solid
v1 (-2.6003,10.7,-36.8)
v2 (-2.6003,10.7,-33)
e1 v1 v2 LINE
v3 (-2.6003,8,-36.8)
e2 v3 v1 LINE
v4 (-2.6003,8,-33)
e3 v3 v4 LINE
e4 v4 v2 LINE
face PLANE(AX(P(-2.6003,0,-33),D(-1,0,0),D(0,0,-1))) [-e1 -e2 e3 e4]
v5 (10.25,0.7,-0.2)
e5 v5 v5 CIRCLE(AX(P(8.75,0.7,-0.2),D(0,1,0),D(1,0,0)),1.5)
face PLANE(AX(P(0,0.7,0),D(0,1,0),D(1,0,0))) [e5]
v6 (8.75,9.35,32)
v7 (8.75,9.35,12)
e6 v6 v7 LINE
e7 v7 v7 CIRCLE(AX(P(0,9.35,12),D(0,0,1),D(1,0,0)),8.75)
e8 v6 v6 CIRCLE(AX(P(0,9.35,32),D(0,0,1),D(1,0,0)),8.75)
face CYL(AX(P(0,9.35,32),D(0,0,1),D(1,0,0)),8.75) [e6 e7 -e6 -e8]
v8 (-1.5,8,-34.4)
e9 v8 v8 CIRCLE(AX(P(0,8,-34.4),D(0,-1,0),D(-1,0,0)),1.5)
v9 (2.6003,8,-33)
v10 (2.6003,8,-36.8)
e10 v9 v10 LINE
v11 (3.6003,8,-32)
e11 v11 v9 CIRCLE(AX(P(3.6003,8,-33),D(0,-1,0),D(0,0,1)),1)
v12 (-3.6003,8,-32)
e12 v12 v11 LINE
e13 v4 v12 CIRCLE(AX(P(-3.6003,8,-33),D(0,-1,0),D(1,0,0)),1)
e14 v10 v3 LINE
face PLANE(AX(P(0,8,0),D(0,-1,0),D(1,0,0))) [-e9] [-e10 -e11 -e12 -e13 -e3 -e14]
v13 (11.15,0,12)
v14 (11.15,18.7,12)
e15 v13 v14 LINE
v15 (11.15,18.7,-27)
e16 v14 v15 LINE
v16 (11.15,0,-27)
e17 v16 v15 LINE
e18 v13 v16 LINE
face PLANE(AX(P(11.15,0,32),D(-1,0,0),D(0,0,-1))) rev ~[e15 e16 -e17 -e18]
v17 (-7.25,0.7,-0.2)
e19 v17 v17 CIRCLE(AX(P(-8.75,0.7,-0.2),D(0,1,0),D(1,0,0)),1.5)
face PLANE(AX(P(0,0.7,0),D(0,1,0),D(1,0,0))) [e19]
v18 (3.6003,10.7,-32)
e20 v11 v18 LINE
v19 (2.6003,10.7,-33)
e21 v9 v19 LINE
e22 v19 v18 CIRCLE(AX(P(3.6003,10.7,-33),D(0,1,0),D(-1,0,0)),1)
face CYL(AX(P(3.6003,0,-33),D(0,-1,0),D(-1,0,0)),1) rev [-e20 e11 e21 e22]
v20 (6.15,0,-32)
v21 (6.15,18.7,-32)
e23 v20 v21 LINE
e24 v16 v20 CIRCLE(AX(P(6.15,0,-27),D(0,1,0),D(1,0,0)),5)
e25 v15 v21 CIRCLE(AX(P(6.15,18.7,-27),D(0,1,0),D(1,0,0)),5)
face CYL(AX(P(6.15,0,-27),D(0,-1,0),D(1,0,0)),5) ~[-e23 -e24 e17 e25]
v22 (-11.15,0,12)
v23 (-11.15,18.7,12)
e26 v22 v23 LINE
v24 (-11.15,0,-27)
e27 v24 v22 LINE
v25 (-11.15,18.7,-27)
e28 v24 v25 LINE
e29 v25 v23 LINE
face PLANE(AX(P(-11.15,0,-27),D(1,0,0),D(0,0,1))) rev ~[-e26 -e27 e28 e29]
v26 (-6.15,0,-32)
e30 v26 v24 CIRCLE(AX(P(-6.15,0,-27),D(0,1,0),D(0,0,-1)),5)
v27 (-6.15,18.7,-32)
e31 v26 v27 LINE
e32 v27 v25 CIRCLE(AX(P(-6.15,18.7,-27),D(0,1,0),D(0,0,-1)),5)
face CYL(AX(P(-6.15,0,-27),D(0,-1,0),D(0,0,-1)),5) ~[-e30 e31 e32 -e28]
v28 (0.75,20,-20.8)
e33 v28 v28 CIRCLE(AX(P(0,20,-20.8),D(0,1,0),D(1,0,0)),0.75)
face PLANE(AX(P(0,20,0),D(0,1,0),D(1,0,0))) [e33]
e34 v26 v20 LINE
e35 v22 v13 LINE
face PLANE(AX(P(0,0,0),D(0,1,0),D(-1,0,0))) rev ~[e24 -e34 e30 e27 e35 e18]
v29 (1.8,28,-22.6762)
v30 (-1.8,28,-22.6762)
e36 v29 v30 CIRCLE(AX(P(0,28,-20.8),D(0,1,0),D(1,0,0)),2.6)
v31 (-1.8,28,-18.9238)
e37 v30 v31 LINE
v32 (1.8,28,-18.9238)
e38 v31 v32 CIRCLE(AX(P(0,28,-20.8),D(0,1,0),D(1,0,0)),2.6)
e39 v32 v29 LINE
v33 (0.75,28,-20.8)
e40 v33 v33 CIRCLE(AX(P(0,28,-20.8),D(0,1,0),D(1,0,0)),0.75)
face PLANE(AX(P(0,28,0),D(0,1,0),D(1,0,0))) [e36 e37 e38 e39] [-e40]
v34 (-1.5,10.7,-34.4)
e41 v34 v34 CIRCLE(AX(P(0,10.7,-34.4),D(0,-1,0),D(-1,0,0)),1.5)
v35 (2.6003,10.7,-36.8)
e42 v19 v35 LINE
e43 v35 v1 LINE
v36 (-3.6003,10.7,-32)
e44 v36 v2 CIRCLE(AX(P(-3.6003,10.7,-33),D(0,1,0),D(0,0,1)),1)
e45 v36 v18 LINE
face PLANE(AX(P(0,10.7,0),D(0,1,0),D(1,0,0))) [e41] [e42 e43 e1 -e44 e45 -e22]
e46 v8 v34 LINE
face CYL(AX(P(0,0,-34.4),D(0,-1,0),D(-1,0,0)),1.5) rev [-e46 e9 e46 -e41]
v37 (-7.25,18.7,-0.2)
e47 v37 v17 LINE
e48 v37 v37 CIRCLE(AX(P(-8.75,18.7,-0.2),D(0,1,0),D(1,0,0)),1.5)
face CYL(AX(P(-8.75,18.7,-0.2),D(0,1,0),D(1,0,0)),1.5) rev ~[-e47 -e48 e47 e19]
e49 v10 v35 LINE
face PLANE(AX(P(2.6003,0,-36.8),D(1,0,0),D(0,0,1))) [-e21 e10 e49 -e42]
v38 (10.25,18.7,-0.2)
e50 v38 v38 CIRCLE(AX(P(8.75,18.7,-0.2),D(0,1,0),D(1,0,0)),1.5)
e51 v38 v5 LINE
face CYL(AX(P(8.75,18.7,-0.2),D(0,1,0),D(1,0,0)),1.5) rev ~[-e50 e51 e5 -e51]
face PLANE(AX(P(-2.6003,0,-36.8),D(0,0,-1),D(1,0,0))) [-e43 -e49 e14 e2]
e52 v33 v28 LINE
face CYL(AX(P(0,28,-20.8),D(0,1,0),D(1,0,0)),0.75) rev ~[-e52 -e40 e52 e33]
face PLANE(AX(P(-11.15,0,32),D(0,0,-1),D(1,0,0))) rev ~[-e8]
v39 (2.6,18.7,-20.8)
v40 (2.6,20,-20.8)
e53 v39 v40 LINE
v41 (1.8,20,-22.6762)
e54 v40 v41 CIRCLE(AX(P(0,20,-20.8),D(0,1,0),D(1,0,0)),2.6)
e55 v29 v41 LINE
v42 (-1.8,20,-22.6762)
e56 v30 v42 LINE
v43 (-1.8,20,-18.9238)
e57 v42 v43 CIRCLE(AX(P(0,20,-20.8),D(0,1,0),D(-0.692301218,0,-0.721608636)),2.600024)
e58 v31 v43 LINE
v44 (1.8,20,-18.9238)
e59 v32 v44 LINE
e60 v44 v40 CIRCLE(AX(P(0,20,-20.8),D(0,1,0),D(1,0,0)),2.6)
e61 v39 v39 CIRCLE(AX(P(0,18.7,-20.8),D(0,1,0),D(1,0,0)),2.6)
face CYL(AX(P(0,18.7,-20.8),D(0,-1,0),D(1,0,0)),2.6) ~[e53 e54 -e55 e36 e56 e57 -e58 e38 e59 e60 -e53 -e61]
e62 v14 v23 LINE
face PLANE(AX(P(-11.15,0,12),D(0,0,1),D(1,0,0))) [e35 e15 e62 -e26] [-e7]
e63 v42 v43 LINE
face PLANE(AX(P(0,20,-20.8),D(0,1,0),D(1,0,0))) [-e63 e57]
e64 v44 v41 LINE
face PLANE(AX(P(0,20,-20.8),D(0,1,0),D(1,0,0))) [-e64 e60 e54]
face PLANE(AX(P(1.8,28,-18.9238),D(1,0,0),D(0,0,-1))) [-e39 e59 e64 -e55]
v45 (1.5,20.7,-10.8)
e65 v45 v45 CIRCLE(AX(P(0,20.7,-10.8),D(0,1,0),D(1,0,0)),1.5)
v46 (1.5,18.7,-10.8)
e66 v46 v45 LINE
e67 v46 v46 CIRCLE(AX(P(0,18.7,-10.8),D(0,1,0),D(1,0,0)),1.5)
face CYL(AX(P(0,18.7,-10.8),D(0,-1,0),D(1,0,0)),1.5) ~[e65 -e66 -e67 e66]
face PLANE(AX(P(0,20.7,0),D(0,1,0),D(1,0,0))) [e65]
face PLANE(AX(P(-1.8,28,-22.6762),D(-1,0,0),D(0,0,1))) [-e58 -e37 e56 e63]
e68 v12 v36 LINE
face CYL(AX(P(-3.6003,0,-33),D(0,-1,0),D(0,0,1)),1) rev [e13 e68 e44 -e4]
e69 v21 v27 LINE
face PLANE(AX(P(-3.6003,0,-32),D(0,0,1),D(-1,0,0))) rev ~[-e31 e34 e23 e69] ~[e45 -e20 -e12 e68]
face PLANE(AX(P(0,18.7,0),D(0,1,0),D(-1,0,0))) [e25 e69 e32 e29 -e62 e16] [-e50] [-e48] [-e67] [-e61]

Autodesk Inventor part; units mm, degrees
ref_plane "YZ Plane" through (0, 0, 0) normal (1, 0, 0) x (0, 1, 0)
ref_plane "XZ Plane" through (0, 0, 0) normal (0, 1, 0) x (-1, 0, 0)
ref_plane "XY Plane" through (0, 0, 0) normal (0, 0, 1) x (1, 0, 0)
sketch "Sketch1" plane through (0, 0, 0) normal (0, 1, 0) x (-1, 0, 0)
  line L0 (11.15, 32) -> (-11.15, 32)
  line L1 (-11.15, 32) -> (-11.15, -27)
  line L2 (11.15, -27) -> (11.15, 32)
  line L3 (11.15, 32) -> (-11.15, -32) construction
  line L4 (-11.15, 32) -> (11.15, -32) construction
  arc A0 (6.15, -32) -> (11.15, -27) centre (6.15, -27) ccw
  arc A1 (-11.15, -27) -> (-6.15, -32) centre (-6.15, -27) ccw
  line L5 (2.5547, -34.4) -> (0, -34.4) construction
  circle A2 centre (0, -34.4) radius 1.5
  line L6 (2.6003, -36.8) -> (-2.6003, -36.8)
  line L7 (-2.6003, -36.8) -> (-2.6003, -33)
  line L8 (2.5547, -32) -> (2.6003, -32)
  line L9 (2.6003, -33) -> (2.6003, -36.8)
  line L10 (2.6003, -36.8) -> (-2.6003, -32) construction
  line L11 (-2.6003, -36.8) -> (1.1023, -33.3826) construction
  line L12 (-6.15, -32) -> (-3.6003, -32)
  line L13 (3.6003, -32) -> (6.15, -32)
  arc A3 (3.6003, -32) -> (2.6003, -33) centre (3.6003, -33) ccw
  arc A4 (-2.6003, -33) -> (-3.6003, -32) centre (-3.6003, -33) ccw
  point P0 (0, 0)
  point P1 (0, -32)
  dimension "d19" = 3
  dimension "d14" = 22.3
  dimension "d15" = 64
  dimension "d16" = 5
  dimension "d17" = 5
  dimension "d18" = 2.4
  dimension "d20" = 1
extrude "Extrusion5" add sketch "Sketch1" along normal blind 18.7
sketch "Sketch5" plane through (0, 18.7, 0) normal (0, 1, 0) x (1, 0, 0)
  arc A0 (-6.15, 32) -> (-11.15, 27) centre (-6.15, 27) ccw construction
  line L0 (-11.15, 27) -> (-11.15, -32) construction
  line L1 (-11.15, -32) -> (11.15, -32) construction
  line L2 (11.15, -32) -> (11.15, 27) construction
  arc A1 (11.15, 27) -> (6.15, 32) centre (6.15, 27) ccw construction
  line L3 (6.15, 32) -> (3.6003, 32) construction
  arc A2 (3.6003, 32) -> (2.6003, 33) centre (3.6003, 33) ccw construction
  line L4 (2.6003, 33) -> (2.6003, 36.8) construction
  line L5 (2.6003, 36.8) -> (-2.6003, 36.8) construction
  line L6 (-2.6003, 36.8) -> (-2.6003, 33) construction
  arc A3 (-2.6003, 33) -> (-3.6003, 32) centre (-3.6003, 33) ccw construction
  line L7 (-3.6003, 32) -> (-6.15, 32) construction
  circle A4 centre (0, 34.4) radius 1.5 construction
  line L8 (-3.6003, 32) -> (-6.15, 32) construction
  line L9 (-6.15, 32) -> (-6.15, 20.8) construction
  circle A5 centre (0, 20.8) radius 2.6
  line L10 (0, 0) -> (0, 39.0389) construction
  line L11 (8.75, 32) -> (-8.75, 32) construction
  line L12 (-4.8752, 32) -> (4.8752, 32) construction
  line L13 (8.75, 32) -> (8.75, 0.2) construction
  circle A6 centre (8.75, 0.2) radius 1.5
  line L14 (-8.75, 32) -> (-8.75, 0.2) construction
  circle A7 centre (-8.75, 0.2) radius 1.5
  point P0 (0, 32)
  dimension "d23" = 11.2
  dimension "d24" = 5.2
  dimension "d29" = 17.5
  dimension "d30" = 31.8
  dimension "d31" = 3
  dimension "d32" = 31.8
  dimension "d33" = 3
extrude "Extrusion6" cut sketch "Sketch5" against normal blind 18 contours A6 | A7
extrude "Extrusion7" add sketch "Sketch5" along normal blind 9.3 contours A5
sketch "Sketch6" plane through (0, 18.7, 0) normal (0, 1, 0) x (1, 0, 0)
  circle A0 centre (0, 20.8) radius 2.6 construction
  line L0 (0, 20.8) -> (0, 10.8) construction
  circle A1 centre (0, 10.8) radius 1.5
  point P0 (0, 0)
  dimension "d38" = 10
  dimension "d39" = 3
extrude "Extrusion8" add sketch "Sketch6" along normal blind 2
sketch "Sketch7" plane through (0, 28, -20.8) normal (0, 1, 0) x (1, 0, 0)
  circle A0 centre (0, 0) radius 2.6 construction
  line L0 (1.8, -1.8762) -> (1.8, 1.8762)
  line L1 (-1.8, 1.8762) -> (-1.8, -1.8762)
  line L2 (-1.3648, -2.213) -> (1.3648, 2.213) construction
  line L3 (1.3648, -2.213) -> (-1.3648, 2.213) construction
  arc A1 (-1.8, 1.8762) -> (-1.8, -1.8762) centre (0, 0) ccw
  circle A2 centre (0, 0) radius 2.6 projected
  arc A3 (1.8, -1.8762) -> (1.8, 1.8762) centre (0, 0) ccw
  point P0 (0, -20.8)
extrude "Extrusion9" cut sketch "Sketch7" against normal blind 8 contours L0 A2 | A1 L1
sketch "Sketch8" plane through (0, 28, 0) normal (0, 1, 0) x (1, 0, 0)
  line L0 (-1.8, 22.6762) -> (-1.8, 18.9238) construction
  arc A0 (-1.8, 18.9238) -> (1.8, 18.9238) centre (0, 20.8) ccw construction
  line L1 (1.8, 18.9238) -> (1.8, 22.6762) construction
  arc A1 (1.8, 22.6762) -> (-1.8, 22.6762) centre (0, 20.8) ccw construction
  circle A2 centre (0, 20.8) radius 0.75
  point P0 (0, 0)
  dimension "d45" = 1.5
extrude "Extrusion10" cut sketch "Sketch8" against normal blind 8
sketch "Sketch9" plane through (-11.15, 0, 32) normal (0, 0, 1) x (1, 0, 0)
  line L0 (0, 0) -> (22.3, 0) construction
  line L1 (22.3, 0) -> (22.3, 18.7) construction
  line L2 (0, 18.7) -> (22.3, 18.7) construction
  line L3 (0, 0) -> (0, 18.7) construction
  circle A0 centre (11.15, 9.35) radius 8.75
  line L4 (0, 0) -> (0, 18.7) projected
  line L5 (0, 0) -> (22.3, 0)
  line L6 (22.3, 0) -> (22.3, 18.7)
  line L7 (22.3, 18.7) -> (0, 18.7)
  line L8 (0, 18.7) -> (0, 0)
  point P0 (11.15, 0)
  dimension "d48" = 17.5
extrude "Extrusion11" cut sketch "Sketch9" against normal blind 20
sketch "Sketch10" plane through (0, 0, 0) normal (0, -1, 0) x (1, 0, 0)
  line L0 (11.15, 12) -> (-11.15, 12) projected
  line L1 (-11.15, -27) -> (-11.15, 12) projected
  arc A0 (-11.15, -27) -> (-6.15, -32) centre (-6.15, -27) ccw projected
  line L2 (-3.6003, -32) -> (-6.15, -32) projected
  arc A1 (-2.6003, -33) -> (-3.6003, -32) centre (-3.6003, -33) ccw projected
  line L3 (-2.6003, -36.8) -> (-2.6003, -33) projected
  line L4 (2.6003, -36.8) -> (-2.6003, -36.8) projected
  line L5 (2.6003, -33) -> (2.6003, -36.8) projected
  arc A2 (3.6003, -32) -> (2.6003, -33) centre (3.6003, -33) ccw projected
  line L6 (6.15, -32) -> (3.6003, -32) projected
  arc A3 (6.15, -32) -> (11.15, -27) centre (6.15, -27) ccw projected
  line L7 (11.15, 12) -> (11.15, -27) projected
  circle A4 centre (0, -34.4) radius 1.5 projected
  arc A5 (-2.6003, -33) -> (-3.6003, -32) centre (-3.6003, -33) ccw projected
  line L8 (-3.6003, -32) -> (3.6003, -32)
  point P0 (0, 0)
extrude "Extrusion12" cut sketch "Sketch10" against normal blind 8 contours A2 L5 L4 L3 A1 L8
sketch "Sketch11" plane through (0, 18.7, 0) normal (0, 1, 0) x (1, 0, 0)
  circle A0 centre (0, 34.4) radius 1.5 projected
  line L0 (-11.15, -12) -> (11.15, -12) projected
  line L1 (11.15, -12) -> (11.15, 27) projected
  arc A1 (11.15, 27) -> (6.15, 32) centre (6.15, 27) ccw projected
  line L2 (6.15, 32) -> (3.6003, 32) projected
  arc A2 (2.6003, 33) -> (3.6003, 32) centre (3.6003, 33) ccw projected
  line L3 (2.6003, 33) -> (2.6003, 36.8) projected
  line L4 (2.6003, 36.8) -> (-2.6003, 36.8) projected
  line L5 (-2.6003, 36.8) -> (-2.6003, 33) projected
  arc A3 (-3.6003, 32) -> (-2.6003, 33) centre (-3.6003, 33) ccw projected
  line L6 (-3.6003, 32) -> (-6.15, 32) projected
  arc A4 (-6.15, 32) -> (-11.15, 27) centre (-6.15, 27) ccw projected
  line L7 (-11.15, 27) -> (-11.15, -12) projected
  circle A5 centre (-8.75, 0.2) radius 1.5 projected
  circle A6 centre (8.75, 0.2) radius 1.5 projected
  circle A7 centre (0, 20.8) radius 2.6 projected
  circle A8 centre (0, 10.8) radius 1.5 projected
  arc A9 (-3.6003, 32) -> (-2.6003, 33) centre (-3.6003, 33) ccw projected
  line L8 (-3.6003, 32) -> (3.6003, 32)
  point P0 (0, 0)
extrude "Extrusion13" cut sketch "Sketch11" against normal blind 8 contours A3 L5 L4 L3 A2 L8
properties part number "motor_placeholder"
